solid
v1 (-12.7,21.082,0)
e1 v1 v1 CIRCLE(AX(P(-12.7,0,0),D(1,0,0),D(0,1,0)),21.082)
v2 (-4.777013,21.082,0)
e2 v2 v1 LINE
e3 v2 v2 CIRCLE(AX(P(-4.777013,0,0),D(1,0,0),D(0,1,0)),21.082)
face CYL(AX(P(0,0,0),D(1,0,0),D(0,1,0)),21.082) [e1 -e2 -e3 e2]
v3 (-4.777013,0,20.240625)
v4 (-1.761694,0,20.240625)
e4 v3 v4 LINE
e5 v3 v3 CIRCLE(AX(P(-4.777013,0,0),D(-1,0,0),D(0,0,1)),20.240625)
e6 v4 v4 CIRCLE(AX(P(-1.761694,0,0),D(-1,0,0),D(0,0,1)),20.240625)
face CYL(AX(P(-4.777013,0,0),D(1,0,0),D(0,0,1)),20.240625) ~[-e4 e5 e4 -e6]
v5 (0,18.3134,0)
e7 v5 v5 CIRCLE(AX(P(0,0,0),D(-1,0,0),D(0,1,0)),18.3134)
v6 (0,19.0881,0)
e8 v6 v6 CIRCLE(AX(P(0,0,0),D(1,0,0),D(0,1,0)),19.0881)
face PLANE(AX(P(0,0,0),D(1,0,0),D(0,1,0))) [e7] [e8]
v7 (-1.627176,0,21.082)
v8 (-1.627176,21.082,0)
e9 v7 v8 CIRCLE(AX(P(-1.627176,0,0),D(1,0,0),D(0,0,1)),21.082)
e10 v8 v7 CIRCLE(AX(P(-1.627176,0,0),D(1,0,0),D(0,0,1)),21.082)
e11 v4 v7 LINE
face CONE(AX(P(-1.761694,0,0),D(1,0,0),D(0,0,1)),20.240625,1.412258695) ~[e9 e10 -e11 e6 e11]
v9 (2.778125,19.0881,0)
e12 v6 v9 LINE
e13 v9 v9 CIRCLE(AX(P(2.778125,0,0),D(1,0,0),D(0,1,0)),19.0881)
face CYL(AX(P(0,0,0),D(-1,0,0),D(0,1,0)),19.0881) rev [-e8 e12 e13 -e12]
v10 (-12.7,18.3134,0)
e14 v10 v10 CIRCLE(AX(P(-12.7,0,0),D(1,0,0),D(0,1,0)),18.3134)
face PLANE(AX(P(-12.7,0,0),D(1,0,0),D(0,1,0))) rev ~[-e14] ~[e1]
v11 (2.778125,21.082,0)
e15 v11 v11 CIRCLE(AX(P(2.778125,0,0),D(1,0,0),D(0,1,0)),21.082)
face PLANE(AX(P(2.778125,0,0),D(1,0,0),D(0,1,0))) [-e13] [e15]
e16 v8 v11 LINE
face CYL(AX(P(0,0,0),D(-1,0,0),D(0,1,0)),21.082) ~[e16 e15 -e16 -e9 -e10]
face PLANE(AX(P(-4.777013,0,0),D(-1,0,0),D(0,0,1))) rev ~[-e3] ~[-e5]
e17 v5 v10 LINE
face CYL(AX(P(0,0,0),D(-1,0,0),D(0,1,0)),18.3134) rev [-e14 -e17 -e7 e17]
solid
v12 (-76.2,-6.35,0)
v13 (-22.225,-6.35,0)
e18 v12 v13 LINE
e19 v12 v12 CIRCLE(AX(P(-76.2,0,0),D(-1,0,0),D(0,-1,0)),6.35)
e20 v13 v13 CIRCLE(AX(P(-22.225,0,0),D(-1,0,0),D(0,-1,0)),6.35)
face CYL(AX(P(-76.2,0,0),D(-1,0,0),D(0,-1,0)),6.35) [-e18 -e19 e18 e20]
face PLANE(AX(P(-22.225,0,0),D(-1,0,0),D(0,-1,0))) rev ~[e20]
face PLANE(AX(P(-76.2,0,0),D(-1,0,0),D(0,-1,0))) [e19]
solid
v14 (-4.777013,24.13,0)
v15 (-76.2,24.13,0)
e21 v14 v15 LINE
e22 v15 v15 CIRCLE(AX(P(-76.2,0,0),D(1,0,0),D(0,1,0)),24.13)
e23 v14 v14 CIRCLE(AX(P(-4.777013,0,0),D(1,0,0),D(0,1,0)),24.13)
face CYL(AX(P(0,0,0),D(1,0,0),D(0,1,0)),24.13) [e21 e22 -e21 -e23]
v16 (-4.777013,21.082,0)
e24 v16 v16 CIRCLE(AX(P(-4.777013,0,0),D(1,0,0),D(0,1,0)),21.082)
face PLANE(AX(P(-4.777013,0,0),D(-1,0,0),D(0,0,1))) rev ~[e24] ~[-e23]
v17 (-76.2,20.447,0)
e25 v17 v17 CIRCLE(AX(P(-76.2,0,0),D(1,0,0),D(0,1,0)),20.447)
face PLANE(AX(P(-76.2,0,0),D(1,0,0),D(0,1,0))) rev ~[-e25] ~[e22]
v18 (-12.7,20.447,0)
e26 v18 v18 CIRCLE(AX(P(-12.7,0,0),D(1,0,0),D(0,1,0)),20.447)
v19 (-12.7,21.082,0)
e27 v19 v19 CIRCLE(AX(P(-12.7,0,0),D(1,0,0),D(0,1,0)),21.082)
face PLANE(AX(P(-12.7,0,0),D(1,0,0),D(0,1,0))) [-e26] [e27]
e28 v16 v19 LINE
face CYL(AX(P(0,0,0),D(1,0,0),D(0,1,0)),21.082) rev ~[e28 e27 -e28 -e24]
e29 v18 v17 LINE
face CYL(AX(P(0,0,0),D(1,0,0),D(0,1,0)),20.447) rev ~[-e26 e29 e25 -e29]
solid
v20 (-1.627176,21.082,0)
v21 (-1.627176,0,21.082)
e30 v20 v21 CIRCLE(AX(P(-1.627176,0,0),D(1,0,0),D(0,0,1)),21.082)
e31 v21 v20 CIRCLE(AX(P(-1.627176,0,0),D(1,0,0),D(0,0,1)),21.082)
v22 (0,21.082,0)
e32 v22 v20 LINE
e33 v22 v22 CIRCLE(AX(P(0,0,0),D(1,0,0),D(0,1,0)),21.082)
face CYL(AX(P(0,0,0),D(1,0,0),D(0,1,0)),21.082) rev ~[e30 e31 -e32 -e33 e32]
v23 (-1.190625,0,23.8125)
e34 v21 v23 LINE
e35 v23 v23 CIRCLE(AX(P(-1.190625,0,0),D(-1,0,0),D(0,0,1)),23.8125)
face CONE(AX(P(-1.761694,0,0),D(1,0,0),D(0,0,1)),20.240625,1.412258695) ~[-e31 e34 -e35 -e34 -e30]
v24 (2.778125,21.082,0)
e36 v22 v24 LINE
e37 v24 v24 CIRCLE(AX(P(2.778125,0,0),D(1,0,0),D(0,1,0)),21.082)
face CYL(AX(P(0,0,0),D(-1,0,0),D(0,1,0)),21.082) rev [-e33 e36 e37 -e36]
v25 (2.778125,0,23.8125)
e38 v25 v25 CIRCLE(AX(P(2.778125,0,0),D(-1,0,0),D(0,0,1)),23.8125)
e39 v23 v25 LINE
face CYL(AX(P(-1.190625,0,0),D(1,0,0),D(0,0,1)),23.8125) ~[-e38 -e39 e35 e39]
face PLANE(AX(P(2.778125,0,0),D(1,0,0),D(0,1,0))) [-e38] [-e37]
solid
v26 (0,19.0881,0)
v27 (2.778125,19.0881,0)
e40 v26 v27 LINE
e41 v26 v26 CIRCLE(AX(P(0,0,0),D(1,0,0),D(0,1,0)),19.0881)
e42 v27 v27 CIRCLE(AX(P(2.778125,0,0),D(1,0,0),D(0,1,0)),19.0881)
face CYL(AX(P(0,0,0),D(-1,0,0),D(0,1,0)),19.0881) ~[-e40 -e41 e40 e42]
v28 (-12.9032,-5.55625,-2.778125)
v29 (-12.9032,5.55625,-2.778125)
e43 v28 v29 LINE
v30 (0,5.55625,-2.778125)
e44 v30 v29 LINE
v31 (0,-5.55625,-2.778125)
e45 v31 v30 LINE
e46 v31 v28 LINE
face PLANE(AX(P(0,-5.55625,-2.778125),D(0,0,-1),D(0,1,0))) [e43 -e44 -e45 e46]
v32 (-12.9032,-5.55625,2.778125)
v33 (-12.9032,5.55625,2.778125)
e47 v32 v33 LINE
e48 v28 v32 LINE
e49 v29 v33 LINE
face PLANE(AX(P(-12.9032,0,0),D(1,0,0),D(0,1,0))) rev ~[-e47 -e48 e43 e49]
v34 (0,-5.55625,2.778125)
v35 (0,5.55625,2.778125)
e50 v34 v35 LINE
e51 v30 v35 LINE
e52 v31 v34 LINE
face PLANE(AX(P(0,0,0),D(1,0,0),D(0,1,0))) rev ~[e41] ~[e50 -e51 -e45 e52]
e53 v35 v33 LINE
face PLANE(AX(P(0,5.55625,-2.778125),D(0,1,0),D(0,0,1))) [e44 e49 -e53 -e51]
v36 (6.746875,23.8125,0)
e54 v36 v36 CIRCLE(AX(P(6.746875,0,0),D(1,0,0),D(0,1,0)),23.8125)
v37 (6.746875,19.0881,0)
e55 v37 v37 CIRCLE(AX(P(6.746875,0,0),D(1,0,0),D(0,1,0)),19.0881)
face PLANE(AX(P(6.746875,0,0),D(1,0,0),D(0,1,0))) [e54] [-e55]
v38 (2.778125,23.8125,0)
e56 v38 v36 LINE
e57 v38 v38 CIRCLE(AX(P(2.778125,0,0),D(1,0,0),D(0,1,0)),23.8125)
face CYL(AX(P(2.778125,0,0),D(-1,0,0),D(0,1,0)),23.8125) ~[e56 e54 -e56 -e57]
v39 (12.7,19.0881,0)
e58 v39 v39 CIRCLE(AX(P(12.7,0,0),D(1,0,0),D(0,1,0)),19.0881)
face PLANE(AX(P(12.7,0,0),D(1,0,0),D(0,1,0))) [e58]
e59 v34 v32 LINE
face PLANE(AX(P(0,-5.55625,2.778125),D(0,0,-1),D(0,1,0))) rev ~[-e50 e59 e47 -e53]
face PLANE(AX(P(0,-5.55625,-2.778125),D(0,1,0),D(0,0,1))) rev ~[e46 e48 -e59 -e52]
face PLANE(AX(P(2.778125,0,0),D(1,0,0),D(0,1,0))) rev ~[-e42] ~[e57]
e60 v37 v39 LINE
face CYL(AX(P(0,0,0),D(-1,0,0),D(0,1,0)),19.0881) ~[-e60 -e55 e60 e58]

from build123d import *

# Parameters (mm, degrees)
F0_W          = 11.1125
F0_H          = 5.55625
F2_DEPTH      = 12.9032
F0_R          = 19.0881
F3_DEPTH      = 12.7
F4_START      = 2.778125
F0_R_2        = 23.8125
F0_R_3        = 22.621875
F4_DEPTH      = 3.96875
F1_R          = 24.13
F1_R_2        = 21.082
F1_R_3        = 20.447
F5_DEPTH      = 76.2
F5_DEPTH_BACK = 2.778125
F1_R_4        = 18.3134
F6_DEPTH      = 12.7
F6_DEPTH_BACK = 2.778125
F11_R         = 6.35
F12_DEPTH     = 53.975


with BuildPart() as f2:
    # F0 (on Right) → F2 (new body)
    with BuildSketch(Plane.YZ):
        Rectangle(F0_W, F0_H)
    extrude(amount=-F2_DEPTH)

    # F0 (on Right) → F3 (join)
    with BuildSketch(Plane.YZ):
        Circle(F0_R)
        Rectangle(F0_W, F0_H, mode=Mode.SUBTRACT)
        Rectangle(F0_W, F0_H)
    extrude(amount=F3_DEPTH)

    # F0 (on Right) → F4 (join)
    with BuildSketch(Plane.YZ.offset(F4_START)):
        Circle(F0_R_2)
        Circle(F0_R_3, mode=Mode.SUBTRACT)
        Circle(F0_R_3)
        Circle(F0_R, mode=Mode.SUBTRACT)
        Rectangle(F0_W, F0_H)
    extrude(amount=F4_DEPTH)


with BuildPart() as f5:
    # F1 (on Right) → F5 (new body, two sides)
    with BuildSketch(Plane.YZ) as f5_sk:
        Circle(F1_R)
        Circle(F1_R_2, mode=Mode.SUBTRACT)
        Circle(F1_R_2)
        Circle(F1_R_3, mode=Mode.SUBTRACT)
    extrude(amount=-F5_DEPTH)
    extrude(f5_sk.sketch, amount=F5_DEPTH_BACK)


with BuildPart() as f6:
    # F1 (on Right) → F6 (new body, two sides)
    with BuildSketch(Plane.YZ) as f6_sk:
        Circle(F1_R_2)
        Circle(F1_R_3, mode=Mode.SUBTRACT)
        Circle(F1_R_3)
        Circle(F1_R_4, mode=Mode.SUBTRACT)
    extrude(amount=-F6_DEPTH)
    extrude(f6_sk.sketch, amount=F6_DEPTH_BACK)


with BuildPart() as f5_1:
    add(f5.part)

    # F7: cut F6
    add(f6.part, mode=Mode.SUBTRACT)


with BuildPart() as f9_tool:
    # F8 (on Front) → F9 (revolve)
    with BuildSketch(Plane.XZ):
        Polygon((-1.190625, 23.8125), (2.778125, 23.8125), (2.778125, 26.590625), (-4.7770133242, 26.590625), (-4.7770133242, 20.240625), (-1.7616940895, 20.240625), align=None)
    revolve(axis=Axis((0.5718530156, 0, 0), (-1, 0, 0)))


with BuildPart() as f5_2:
    add(f5_1.part)

    # F9: cut by f9_tool
    add(f9_tool.part, mode=Mode.SUBTRACT)


with BuildPart() as f6_1:
    add(f6.part)

    # F9: cut by f9_tool
    add(f9_tool.part, mode=Mode.SUBTRACT)

    # F10: cut F2
    add(f2.part, mode=Mode.SUBTRACT)


with BuildPart() as f12:
    # F11 (on face) → F12 (new body)
    with BuildSketch(Plane(origin=(-76.2, 0, 0), x_dir=(0, -1, 0), z_dir=(-1, 0, 0))):
        Circle(F11_R)
    extrude(amount=-F12_DEPTH)


solid = Compound([f2.part, f5_2.part, f6_1.part, f12.part])
